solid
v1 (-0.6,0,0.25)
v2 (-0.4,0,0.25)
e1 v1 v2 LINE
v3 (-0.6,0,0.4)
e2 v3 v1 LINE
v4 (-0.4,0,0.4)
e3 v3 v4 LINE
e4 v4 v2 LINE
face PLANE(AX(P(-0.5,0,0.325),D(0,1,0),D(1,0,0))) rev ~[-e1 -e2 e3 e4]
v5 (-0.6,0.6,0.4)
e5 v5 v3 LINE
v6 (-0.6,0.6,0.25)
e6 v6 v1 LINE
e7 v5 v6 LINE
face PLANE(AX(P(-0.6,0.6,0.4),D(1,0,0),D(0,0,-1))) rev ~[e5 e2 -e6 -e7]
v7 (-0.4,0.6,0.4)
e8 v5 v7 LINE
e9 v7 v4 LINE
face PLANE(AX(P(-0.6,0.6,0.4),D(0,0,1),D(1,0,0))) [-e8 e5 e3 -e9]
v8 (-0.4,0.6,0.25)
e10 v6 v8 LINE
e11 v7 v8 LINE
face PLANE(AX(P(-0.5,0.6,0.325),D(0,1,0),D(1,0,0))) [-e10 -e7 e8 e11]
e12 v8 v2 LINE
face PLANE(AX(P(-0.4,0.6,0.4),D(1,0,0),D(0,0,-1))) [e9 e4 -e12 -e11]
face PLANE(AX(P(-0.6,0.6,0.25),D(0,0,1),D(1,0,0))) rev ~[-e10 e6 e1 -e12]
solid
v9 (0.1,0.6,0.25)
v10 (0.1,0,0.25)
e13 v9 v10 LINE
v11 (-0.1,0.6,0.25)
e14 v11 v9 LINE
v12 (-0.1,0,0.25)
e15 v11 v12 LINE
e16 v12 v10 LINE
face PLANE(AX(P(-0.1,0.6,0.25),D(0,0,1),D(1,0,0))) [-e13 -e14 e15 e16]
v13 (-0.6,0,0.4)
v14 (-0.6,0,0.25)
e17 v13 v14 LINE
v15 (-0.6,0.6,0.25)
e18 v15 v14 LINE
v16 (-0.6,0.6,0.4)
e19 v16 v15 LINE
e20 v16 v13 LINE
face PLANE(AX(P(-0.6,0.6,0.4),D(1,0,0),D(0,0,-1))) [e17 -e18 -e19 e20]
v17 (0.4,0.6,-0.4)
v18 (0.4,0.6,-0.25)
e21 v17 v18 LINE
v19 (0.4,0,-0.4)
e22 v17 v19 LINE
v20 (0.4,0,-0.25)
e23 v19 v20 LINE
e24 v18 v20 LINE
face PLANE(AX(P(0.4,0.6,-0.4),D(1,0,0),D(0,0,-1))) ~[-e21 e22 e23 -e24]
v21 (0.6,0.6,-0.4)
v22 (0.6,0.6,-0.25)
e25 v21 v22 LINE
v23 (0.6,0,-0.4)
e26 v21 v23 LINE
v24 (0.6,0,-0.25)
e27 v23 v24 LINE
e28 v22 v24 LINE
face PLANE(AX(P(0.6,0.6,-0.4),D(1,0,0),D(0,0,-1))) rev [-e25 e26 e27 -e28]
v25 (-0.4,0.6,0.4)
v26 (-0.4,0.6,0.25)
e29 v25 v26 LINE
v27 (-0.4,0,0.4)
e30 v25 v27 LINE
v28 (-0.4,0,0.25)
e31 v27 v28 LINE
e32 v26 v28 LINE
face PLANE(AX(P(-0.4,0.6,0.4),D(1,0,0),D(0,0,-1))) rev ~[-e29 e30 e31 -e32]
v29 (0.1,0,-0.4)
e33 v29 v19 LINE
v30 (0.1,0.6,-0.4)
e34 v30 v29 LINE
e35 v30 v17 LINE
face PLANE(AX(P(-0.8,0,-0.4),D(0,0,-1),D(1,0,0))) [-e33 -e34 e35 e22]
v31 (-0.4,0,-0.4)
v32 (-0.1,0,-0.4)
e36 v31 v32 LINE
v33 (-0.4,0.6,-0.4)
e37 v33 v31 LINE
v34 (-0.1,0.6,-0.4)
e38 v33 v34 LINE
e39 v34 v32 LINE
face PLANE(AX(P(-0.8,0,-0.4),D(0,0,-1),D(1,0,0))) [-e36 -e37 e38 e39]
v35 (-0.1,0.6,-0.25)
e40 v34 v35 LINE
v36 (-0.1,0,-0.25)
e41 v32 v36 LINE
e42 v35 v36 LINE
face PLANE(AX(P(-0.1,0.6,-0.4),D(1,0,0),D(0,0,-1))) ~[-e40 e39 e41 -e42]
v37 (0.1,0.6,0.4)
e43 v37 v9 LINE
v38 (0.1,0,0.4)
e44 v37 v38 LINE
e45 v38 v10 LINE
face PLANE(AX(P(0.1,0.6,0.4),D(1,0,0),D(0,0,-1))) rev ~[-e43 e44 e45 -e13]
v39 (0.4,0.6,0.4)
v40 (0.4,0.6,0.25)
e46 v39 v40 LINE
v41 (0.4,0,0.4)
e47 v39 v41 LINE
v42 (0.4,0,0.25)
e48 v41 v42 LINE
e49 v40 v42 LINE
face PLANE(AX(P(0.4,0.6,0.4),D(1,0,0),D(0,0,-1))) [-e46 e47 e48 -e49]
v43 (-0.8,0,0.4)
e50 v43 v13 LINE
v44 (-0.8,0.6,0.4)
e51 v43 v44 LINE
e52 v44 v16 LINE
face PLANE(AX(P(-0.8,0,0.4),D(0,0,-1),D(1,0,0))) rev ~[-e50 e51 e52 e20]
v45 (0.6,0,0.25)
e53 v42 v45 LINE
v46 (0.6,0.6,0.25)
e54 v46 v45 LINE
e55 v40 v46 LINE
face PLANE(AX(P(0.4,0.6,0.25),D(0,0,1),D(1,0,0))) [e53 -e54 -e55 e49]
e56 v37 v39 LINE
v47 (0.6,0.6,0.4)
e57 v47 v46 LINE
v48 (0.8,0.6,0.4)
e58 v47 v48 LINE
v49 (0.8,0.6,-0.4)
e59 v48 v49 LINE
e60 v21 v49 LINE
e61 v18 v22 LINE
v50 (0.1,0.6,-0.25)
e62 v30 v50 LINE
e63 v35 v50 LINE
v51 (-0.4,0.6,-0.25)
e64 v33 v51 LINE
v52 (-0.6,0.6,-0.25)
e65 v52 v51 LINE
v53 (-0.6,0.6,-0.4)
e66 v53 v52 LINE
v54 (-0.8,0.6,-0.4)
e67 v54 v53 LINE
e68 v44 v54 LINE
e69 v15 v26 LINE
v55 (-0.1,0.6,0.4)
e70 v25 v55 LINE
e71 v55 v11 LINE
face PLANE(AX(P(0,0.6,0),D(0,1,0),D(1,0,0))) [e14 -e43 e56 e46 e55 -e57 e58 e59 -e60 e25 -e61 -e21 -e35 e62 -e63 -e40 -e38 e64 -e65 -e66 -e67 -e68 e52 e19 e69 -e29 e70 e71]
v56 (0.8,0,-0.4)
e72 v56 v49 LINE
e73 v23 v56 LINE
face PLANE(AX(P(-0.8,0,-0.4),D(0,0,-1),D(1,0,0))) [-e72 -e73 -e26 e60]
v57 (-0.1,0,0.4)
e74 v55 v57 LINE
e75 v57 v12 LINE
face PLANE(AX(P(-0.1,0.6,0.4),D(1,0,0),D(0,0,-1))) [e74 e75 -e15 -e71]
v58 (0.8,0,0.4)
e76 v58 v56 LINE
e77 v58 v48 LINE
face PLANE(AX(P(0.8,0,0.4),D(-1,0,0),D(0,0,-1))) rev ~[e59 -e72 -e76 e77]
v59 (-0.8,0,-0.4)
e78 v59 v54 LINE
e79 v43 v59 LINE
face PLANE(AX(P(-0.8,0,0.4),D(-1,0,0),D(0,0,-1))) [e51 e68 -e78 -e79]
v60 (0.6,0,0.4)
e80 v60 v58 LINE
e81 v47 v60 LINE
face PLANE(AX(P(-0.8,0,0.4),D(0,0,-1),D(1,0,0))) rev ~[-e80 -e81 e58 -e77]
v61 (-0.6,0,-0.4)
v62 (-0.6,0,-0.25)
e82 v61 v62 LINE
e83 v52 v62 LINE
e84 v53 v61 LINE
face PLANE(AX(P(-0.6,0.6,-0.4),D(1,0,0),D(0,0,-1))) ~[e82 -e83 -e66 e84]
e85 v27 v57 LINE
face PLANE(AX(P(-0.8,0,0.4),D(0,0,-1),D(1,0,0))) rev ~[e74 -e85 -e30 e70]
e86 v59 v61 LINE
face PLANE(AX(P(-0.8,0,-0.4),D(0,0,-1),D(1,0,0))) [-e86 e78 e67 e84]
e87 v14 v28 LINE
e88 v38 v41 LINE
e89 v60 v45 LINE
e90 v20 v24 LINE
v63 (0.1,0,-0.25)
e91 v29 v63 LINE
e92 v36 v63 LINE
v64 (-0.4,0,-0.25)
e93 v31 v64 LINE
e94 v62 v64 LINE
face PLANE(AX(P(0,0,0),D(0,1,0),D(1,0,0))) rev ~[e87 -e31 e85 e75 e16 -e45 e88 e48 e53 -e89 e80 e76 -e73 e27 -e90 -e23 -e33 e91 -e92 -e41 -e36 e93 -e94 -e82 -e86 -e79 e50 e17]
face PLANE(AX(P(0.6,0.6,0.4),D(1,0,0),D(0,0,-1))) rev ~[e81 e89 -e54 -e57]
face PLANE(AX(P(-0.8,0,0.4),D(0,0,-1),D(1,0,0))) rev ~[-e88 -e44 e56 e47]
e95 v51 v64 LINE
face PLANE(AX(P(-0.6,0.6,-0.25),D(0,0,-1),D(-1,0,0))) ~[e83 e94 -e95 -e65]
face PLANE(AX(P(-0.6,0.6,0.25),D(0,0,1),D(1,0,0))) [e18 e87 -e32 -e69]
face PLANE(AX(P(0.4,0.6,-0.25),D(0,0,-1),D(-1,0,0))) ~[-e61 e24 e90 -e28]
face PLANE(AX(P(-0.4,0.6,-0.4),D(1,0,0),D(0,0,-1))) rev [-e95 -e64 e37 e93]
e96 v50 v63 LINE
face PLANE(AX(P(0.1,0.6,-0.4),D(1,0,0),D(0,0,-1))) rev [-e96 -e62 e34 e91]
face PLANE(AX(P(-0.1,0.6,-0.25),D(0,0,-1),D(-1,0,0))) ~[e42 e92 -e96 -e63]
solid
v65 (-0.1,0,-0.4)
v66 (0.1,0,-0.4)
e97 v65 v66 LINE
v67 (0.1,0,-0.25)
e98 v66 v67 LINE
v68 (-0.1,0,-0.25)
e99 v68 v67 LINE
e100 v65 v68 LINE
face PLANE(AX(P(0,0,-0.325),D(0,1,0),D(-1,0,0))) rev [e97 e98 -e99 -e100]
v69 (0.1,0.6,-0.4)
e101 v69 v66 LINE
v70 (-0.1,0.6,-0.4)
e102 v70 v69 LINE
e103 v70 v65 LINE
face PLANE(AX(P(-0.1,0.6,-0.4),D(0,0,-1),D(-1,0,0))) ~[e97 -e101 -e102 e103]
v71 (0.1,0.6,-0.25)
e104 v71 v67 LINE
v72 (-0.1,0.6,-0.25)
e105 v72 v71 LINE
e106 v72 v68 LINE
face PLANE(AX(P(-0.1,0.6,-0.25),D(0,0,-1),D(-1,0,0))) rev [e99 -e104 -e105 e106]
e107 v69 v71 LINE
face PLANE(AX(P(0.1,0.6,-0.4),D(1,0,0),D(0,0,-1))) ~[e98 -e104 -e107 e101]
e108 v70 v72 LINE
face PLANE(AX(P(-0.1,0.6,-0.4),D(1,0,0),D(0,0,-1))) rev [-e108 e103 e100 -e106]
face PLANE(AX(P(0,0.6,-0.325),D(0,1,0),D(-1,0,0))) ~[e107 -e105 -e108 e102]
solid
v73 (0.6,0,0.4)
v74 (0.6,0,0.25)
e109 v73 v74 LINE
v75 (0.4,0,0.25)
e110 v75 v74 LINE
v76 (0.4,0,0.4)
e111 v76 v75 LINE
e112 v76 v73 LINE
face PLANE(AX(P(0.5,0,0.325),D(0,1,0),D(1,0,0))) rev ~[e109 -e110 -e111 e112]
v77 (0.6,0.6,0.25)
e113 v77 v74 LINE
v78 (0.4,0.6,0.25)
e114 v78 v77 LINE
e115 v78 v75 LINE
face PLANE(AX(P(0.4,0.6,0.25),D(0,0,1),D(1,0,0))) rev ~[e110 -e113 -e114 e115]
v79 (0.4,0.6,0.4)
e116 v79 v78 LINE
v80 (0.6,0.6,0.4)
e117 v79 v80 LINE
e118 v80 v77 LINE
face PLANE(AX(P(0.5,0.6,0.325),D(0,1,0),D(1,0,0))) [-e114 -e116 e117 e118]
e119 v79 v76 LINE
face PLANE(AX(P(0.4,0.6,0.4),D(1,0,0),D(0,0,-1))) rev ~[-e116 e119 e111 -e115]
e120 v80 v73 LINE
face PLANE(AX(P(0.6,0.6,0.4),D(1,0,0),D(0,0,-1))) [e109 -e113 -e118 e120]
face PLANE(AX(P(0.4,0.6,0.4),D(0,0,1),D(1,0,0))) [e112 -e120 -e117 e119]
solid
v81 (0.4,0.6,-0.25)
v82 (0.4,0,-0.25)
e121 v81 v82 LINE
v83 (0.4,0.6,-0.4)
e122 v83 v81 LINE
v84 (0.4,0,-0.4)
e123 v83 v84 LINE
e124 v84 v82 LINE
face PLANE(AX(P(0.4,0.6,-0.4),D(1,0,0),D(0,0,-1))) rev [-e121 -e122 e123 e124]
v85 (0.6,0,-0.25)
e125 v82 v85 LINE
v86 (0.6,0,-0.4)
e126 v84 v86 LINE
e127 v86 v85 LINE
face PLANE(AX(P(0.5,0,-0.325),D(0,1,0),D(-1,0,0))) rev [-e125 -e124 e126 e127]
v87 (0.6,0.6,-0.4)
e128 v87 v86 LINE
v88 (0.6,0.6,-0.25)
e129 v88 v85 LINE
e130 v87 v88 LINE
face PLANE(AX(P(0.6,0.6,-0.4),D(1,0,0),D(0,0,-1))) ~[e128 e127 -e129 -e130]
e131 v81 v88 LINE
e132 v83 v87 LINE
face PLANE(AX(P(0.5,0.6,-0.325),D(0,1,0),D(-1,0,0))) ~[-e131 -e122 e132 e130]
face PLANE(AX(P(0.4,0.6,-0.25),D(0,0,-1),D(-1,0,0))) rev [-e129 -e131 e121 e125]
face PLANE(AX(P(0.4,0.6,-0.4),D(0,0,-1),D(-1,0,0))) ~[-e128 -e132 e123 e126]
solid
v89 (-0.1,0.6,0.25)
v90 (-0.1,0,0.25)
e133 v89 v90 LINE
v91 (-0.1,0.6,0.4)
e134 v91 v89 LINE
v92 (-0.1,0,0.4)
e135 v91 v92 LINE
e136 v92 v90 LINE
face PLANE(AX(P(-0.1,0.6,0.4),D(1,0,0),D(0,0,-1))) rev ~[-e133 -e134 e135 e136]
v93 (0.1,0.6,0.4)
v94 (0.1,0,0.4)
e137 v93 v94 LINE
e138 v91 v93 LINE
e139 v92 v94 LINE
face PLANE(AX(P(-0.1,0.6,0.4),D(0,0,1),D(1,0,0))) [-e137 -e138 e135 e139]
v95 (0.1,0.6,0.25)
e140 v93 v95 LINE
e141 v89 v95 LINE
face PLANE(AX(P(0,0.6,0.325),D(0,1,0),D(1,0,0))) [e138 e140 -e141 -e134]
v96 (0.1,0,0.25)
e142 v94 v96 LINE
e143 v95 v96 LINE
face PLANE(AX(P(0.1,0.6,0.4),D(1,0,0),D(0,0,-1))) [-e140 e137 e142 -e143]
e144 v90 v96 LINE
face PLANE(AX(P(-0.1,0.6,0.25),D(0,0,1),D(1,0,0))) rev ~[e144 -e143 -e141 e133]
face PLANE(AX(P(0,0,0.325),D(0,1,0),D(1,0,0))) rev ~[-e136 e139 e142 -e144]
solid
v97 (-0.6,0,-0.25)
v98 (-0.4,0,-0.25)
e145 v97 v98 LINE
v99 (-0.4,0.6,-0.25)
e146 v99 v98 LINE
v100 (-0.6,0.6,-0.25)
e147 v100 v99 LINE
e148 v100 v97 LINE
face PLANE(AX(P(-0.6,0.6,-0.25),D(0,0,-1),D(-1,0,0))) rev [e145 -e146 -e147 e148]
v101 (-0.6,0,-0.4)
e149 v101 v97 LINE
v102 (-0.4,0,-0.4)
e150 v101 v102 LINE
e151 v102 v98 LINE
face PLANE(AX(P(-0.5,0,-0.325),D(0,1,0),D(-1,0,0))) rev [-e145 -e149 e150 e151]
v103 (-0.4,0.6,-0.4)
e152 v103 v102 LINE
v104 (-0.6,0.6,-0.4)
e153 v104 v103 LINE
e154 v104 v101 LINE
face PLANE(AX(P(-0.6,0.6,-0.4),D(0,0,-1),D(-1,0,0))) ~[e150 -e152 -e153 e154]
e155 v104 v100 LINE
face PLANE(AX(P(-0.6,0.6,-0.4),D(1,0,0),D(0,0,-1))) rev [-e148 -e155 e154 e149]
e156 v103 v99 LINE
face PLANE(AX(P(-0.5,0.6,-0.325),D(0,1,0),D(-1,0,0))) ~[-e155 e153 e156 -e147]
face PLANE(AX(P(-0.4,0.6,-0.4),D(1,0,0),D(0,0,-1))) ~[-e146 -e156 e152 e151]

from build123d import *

# Parameters (mm, degrees)
SKETCH1_W             = 1.6
SKETCH1_H             = 0.8
BOSS_EXTRUDE1_DEPTH   = 0.6
SKETCH2_W             = 0.2
SKETCH2_H             = 0.15
CUT_EXTRUDE1_DEPTH    = 0.6
SKETCH2_2_W           = 0.2
SKETCH2_2_H           = 0.15
BOSS_EXTRUDE2_DEPTH   = 0.6
BOSS_EXTRUDE2_2_DEPTH = 0.6
BOSS_EXTRUDE2_3_DEPTH = 0.6


with BuildPart() as part:
    # Sketch1 → Boss-Extrude1 (new body)
    with BuildSketch(Plane(origin=(0, 0, 0), x_dir=(1, 0, 0), z_dir=(0, 1, 0))):
        Rectangle(SKETCH1_W, SKETCH1_H)
    extrude(amount=BOSS_EXTRUDE1_DEPTH)

    # Sketch2 → Cut-Extrude1 (cut)
    with BuildSketch(Plane(origin=(0, 0.6, 0), x_dir=(1, 0, 0), z_dir=(0, 1, 0))):
        with Locations((-0.5, -0.325)):
            Rectangle(SKETCH2_W, SKETCH2_H)
        with Locations((0.5, -0.325)):
            Rectangle(SKETCH2_W, SKETCH2_H)
        with Locations((0, -0.325)):
            Rectangle(SKETCH2_W, SKETCH2_H)
    cut_extrude1 = extrude(amount=-CUT_EXTRUDE1_DEPTH, mode=Mode.SUBTRACT)

    # Mirror1: Cut-Extrude1 across plane
    add(cut_extrude1.mirror(Plane.XY), mode=Mode.SUBTRACT)


with BuildPart() as body_2:
    # Sketch2<2> → Boss-Extrude2 (new body)
    with BuildSketch(Plane(origin=(0, 0.6, 0), x_dir=(1, 0, 0), z_dir=(0, 1, 0))):
        with Locations((-0.5, -0.325)):
            Rectangle(SKETCH2_2_W, SKETCH2_2_H)
    extrude(amount=-BOSS_EXTRUDE2_DEPTH)


with BuildPart() as body_3:
    # Sketch2<2> → Boss-Extrude2 2 (new body)
    with BuildSketch(Plane(origin=(0, 0.6, 0), x_dir=(1, 0, 0), z_dir=(0, 1, 0))):
        with Locations((0.5, -0.325)):
            Rectangle(SKETCH2_2_W, SKETCH2_2_H)
    extrude(amount=-BOSS_EXTRUDE2_2_DEPTH)


with BuildPart() as body_4:
    # Sketch2<2> → Boss-Extrude2 3 (new body)
    with BuildSketch(Plane(origin=(0, 0.6, 0), x_dir=(1, 0, 0), z_dir=(0, 1, 0))):
        with Locations((0, -0.325)):
            Rectangle(SKETCH2_2_W, SKETCH2_2_H)
    extrude(amount=-BOSS_EXTRUDE2_3_DEPTH)


with BuildPart() as body_5:
    # Mirror3: mirrored copy
    add(body_2.part.mirror(Plane.XY))


with BuildPart() as body_6:
    # Mirror3 2: mirrored copy
    add(body_4.part.mirror(Plane.XY))


with BuildPart() as body_7:
    # Mirror3 3: mirrored copy
    add(body_3.part.mirror(Plane.XY))


solid = Compound([part.part, body_2.part, body_3.part, body_4.part, body_5.part, body_6.part, body_7.part])
